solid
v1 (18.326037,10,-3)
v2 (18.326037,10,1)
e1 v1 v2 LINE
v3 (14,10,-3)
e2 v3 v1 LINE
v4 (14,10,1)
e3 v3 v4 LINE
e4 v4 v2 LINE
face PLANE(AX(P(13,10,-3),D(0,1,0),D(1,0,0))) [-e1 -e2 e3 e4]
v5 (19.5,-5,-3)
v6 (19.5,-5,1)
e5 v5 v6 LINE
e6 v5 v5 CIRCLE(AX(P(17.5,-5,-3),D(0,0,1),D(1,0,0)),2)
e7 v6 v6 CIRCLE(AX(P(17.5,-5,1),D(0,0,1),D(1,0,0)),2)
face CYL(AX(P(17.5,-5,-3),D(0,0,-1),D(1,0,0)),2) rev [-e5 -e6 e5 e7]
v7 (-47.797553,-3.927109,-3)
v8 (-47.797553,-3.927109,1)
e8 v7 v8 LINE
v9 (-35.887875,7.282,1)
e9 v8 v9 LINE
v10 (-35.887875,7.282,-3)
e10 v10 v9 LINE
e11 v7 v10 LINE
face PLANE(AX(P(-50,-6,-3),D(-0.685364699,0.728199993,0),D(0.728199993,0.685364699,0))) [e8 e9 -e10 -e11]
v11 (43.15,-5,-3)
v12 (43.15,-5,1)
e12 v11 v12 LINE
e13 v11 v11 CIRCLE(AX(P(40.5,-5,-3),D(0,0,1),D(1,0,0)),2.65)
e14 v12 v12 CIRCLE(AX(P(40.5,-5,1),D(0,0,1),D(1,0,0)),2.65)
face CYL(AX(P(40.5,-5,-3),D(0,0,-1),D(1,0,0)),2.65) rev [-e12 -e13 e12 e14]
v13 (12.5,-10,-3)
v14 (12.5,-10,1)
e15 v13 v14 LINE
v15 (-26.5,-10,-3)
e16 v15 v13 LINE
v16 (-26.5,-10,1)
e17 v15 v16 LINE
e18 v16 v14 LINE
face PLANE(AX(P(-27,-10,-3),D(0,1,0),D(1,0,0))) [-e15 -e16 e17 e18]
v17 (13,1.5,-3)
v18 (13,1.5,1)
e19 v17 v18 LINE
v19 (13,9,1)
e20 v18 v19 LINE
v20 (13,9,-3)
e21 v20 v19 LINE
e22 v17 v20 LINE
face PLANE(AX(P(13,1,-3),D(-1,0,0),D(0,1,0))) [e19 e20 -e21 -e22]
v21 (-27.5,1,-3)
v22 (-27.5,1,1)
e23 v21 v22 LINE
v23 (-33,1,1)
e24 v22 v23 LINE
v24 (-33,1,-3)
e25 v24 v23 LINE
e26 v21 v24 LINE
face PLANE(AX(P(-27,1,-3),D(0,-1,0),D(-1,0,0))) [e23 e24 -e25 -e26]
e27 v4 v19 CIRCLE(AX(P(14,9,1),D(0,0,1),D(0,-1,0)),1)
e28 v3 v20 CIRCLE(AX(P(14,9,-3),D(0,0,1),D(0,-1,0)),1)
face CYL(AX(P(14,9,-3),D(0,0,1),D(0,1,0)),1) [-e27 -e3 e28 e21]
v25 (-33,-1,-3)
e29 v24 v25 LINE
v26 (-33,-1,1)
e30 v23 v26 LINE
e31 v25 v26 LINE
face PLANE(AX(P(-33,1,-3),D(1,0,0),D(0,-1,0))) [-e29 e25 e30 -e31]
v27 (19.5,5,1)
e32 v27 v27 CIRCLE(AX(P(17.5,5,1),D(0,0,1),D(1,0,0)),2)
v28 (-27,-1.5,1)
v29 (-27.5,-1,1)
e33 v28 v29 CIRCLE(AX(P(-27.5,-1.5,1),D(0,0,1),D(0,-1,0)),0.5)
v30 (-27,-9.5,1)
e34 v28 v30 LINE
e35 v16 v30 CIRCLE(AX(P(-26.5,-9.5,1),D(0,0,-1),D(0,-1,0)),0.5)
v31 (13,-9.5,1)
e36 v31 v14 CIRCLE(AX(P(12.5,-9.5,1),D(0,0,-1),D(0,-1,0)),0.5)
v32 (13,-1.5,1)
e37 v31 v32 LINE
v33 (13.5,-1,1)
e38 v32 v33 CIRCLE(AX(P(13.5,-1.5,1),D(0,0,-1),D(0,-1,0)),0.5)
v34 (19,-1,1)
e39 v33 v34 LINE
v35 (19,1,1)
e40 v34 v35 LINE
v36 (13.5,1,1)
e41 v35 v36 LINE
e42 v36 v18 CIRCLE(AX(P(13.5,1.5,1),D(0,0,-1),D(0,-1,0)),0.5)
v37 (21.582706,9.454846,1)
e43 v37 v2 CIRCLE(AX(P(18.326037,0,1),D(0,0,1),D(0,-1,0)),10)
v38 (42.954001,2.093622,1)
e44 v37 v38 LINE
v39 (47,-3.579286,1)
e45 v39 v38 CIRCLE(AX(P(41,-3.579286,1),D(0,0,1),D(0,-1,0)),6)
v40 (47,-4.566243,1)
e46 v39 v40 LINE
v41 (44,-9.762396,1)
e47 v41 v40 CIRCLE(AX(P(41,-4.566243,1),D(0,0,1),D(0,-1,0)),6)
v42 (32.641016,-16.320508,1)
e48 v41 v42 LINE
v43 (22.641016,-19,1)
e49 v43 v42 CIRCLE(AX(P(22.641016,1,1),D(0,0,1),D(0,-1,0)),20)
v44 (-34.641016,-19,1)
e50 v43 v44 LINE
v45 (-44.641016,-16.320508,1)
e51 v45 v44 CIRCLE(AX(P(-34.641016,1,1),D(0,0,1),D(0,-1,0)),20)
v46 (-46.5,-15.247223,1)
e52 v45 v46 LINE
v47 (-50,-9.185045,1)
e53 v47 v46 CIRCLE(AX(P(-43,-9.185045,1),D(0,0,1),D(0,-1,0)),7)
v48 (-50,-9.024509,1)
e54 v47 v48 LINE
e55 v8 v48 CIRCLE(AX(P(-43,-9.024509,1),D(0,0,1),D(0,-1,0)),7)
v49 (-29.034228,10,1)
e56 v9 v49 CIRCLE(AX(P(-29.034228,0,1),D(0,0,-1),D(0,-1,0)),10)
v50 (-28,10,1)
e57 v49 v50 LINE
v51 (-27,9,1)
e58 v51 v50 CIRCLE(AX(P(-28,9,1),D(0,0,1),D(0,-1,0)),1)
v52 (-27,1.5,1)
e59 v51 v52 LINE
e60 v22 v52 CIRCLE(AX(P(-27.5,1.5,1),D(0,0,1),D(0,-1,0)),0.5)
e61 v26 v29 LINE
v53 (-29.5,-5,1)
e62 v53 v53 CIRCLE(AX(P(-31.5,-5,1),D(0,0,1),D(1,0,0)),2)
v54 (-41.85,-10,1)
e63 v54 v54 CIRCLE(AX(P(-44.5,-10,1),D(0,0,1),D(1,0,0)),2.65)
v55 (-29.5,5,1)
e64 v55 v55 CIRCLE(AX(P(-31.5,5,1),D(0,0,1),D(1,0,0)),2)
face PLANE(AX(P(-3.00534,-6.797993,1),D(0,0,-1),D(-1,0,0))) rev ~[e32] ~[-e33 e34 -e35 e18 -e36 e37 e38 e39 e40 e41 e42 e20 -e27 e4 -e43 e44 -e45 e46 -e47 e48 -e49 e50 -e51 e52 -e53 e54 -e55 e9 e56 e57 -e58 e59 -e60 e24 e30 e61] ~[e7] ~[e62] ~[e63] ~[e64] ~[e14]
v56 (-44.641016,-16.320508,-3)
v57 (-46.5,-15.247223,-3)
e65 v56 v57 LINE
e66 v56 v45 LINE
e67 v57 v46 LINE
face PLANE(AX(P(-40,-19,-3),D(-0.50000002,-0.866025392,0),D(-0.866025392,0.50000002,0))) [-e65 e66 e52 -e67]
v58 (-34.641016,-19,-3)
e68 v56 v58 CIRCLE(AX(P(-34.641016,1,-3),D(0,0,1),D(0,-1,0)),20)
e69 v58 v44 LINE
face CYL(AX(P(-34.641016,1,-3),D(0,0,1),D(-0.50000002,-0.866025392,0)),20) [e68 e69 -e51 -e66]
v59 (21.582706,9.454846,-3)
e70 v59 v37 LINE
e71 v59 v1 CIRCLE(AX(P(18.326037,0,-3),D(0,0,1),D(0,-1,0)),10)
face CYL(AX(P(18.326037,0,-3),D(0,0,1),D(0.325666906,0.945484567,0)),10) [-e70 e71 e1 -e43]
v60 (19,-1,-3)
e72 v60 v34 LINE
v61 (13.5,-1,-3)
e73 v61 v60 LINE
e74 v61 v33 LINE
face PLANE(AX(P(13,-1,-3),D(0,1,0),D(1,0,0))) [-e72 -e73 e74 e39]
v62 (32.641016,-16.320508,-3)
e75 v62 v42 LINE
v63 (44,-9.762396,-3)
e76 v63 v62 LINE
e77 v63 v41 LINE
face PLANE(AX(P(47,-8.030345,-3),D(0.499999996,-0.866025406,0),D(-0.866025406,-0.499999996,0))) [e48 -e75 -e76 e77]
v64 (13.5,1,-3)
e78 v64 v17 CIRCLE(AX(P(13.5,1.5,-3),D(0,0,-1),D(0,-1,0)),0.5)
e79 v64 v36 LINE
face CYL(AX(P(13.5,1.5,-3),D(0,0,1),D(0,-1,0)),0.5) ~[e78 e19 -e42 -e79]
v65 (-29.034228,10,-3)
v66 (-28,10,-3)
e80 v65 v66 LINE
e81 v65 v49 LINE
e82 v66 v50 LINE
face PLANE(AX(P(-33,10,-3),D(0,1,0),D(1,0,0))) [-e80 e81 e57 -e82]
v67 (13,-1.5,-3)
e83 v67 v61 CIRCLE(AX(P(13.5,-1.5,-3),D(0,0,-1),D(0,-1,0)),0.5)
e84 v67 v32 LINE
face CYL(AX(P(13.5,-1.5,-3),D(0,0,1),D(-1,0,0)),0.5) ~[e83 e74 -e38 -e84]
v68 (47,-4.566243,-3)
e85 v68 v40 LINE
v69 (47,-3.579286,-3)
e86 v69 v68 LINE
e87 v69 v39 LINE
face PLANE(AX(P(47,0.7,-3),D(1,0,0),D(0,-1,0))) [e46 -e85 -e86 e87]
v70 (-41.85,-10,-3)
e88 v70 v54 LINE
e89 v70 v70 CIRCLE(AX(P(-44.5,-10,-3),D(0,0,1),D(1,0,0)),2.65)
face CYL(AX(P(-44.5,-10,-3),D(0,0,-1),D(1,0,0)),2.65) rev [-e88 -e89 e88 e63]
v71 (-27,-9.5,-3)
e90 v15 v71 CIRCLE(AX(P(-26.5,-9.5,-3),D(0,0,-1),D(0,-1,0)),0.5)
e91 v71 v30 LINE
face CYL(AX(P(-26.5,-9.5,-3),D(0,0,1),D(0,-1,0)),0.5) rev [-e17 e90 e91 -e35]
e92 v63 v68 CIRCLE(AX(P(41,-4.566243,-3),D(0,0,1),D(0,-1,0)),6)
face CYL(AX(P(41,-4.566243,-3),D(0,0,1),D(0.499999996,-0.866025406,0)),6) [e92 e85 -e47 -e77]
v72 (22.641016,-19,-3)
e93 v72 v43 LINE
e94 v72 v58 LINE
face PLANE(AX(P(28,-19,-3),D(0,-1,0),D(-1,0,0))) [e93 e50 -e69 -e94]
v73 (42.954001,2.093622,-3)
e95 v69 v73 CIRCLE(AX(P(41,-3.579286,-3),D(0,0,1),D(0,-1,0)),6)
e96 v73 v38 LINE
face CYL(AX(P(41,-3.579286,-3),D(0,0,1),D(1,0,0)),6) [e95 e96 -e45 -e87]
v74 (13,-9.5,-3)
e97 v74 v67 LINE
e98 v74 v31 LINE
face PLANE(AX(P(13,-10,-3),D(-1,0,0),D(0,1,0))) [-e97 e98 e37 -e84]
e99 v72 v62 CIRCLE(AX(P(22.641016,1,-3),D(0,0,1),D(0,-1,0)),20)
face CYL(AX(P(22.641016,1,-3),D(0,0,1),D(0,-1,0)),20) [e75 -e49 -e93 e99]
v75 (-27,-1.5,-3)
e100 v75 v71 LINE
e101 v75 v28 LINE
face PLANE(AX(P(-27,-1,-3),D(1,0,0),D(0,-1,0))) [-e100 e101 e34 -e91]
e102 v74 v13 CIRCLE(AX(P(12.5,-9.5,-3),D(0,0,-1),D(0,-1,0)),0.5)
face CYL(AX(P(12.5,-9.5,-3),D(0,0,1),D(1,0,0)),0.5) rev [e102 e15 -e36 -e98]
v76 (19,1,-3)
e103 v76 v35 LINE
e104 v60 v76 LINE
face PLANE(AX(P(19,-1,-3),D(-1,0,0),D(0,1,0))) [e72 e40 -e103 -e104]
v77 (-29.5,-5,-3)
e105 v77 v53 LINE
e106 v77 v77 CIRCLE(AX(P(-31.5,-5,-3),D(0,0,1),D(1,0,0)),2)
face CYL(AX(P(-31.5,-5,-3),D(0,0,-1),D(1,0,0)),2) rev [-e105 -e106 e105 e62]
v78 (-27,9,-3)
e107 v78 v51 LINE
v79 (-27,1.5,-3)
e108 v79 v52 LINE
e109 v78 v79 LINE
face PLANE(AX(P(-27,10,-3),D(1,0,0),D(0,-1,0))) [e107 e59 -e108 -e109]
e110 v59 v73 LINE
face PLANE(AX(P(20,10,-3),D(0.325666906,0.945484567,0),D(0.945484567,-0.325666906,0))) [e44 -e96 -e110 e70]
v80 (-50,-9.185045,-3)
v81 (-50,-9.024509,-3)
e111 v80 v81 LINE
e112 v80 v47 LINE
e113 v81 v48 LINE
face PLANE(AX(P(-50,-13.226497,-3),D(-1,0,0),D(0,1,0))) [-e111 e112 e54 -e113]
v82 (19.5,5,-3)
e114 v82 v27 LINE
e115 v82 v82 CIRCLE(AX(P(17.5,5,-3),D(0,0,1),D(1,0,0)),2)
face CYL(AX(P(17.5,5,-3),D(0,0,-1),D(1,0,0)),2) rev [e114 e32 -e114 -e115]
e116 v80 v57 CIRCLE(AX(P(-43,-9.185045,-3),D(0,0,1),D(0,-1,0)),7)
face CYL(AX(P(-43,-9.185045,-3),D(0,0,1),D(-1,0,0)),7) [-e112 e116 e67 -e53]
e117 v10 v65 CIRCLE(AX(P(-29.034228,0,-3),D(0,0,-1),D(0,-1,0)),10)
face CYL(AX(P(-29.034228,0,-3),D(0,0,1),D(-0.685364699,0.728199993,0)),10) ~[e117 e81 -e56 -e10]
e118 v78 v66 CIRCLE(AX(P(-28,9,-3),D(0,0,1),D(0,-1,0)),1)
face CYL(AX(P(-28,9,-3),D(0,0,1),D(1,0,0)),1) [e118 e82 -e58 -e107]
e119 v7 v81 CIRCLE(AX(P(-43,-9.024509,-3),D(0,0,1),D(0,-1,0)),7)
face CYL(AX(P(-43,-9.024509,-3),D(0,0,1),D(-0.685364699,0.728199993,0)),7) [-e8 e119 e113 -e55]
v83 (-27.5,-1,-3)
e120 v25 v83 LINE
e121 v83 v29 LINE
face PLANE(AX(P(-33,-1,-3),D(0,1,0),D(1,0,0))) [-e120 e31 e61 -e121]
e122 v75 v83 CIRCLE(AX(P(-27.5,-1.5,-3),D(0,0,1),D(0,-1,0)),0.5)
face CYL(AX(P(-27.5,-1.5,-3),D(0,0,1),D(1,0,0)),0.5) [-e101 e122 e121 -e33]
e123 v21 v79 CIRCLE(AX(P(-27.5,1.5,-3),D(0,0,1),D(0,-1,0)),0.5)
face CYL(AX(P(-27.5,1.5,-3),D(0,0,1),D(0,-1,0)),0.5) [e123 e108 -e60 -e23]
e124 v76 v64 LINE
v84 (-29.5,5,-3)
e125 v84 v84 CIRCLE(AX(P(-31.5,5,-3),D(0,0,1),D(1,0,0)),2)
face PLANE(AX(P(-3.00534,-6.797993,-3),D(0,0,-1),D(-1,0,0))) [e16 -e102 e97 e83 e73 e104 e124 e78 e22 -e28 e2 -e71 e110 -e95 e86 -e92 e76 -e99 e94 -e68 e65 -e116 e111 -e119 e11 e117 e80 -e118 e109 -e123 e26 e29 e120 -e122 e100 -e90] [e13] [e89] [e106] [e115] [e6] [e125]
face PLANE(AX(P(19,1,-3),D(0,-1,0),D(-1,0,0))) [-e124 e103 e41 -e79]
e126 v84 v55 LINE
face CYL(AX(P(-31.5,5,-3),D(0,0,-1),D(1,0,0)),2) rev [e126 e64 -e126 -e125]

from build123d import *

# Parameters (mm, degrees)
SKETCH005_R   = 2
SKETCH005_R_2 = 2.65
PAD_DEPTH     = 4
FILLET_R      = 7
FILLET001_R   = 20
FILLET002_R   = 6
FILLET003_R   = 10
FILLET004_R   = 1
FILLET005_R   = 0.5
FILLET006_R   = 0.5


with BuildPart() as part:
    # Sketch005 → Pad (new body)
    with BuildSketch(Plane.XY.offset(-3)):
        Polygon((-33, 10), (-27, 10), (-27, 1), (-33, 1), (-33, -1), (-27, -1), (-27, -10), (13, -10), (13, -1), (19, -1), (19, 1), (13, 1), (13, 10), (20, 10), (47, 0.7), (47, -8.030345), (28, -19), (-40, -19), (-50, -13.226497), (-50, -6), align=None)
        with Locations((-31.5, 5)):
            Circle(SKETCH005_R, mode=Mode.SUBTRACT)
        with Locations((-31.5, -5)):
            Circle(SKETCH005_R, mode=Mode.SUBTRACT)
        with Locations((17.5, 5)):
            Circle(SKETCH005_R, mode=Mode.SUBTRACT)
        with Locations((17.5, -5)):
            Circle(SKETCH005_R, mode=Mode.SUBTRACT)
        with Locations((40.5, -5)):
            Circle(SKETCH005_R_2, mode=Mode.SUBTRACT)
        with Locations((-44.5, -10)):
            Circle(SKETCH005_R_2, mode=Mode.SUBTRACT)
    extrude(amount=PAD_DEPTH)

    # Fillet
    fillet_edges = [part.edges().sort_by_distance(p)[0] for p in [
        (-50, -13.226497, -1),
        (-50, -6, -1),
    ]]
    fillet(fillet_edges, radius=FILLET_R)

    # Fillet001
    fillet001_edges = [part.edges().sort_by_distance(p)[0] for p in [
        (-40, -19, -1),
        (28, -19, -1),
    ]]
    fillet(fillet001_edges, radius=FILLET001_R)

    # Fillet002
    fillet002_edges = [part.edges().sort_by_distance(p)[0] for p in [
        (47, -8.030345, -1),
        (47, 0.7, -1),
    ]]
    fillet(fillet002_edges, radius=FILLET002_R)

    # Fillet003
    fillet003_edges = [part.edges().sort_by_distance(p)[0] for p in [
        (-33, 10, -1),
        (20, 10, -1),
    ]]
    fillet(fillet003_edges, radius=FILLET003_R)

    # Fillet004
    fillet004_edges = [part.edges().sort_by_distance(p)[0] for p in [
        (13, 10, -1),
        (-27, 10, -1),
    ]]
    fillet(fillet004_edges, radius=FILLET004_R)

    # Fillet005
    fillet005_edges = [part.edges().sort_by_distance(p)[0] for p in [
        (13, -10, -1),
        (-27, -10, -1),
    ]]
    fillet(fillet005_edges, radius=FILLET005_R)

    # Fillet006
    fillet006_edges = [part.edges().sort_by_distance(p)[0] for p in [
        (-27, -1, -1),
        (-27, 1, -1),
        (13, -1, -1),
        (13, 1, -1),
    ]]
    fillet(fillet006_edges, radius=FILLET006_R)


solid = part.part
